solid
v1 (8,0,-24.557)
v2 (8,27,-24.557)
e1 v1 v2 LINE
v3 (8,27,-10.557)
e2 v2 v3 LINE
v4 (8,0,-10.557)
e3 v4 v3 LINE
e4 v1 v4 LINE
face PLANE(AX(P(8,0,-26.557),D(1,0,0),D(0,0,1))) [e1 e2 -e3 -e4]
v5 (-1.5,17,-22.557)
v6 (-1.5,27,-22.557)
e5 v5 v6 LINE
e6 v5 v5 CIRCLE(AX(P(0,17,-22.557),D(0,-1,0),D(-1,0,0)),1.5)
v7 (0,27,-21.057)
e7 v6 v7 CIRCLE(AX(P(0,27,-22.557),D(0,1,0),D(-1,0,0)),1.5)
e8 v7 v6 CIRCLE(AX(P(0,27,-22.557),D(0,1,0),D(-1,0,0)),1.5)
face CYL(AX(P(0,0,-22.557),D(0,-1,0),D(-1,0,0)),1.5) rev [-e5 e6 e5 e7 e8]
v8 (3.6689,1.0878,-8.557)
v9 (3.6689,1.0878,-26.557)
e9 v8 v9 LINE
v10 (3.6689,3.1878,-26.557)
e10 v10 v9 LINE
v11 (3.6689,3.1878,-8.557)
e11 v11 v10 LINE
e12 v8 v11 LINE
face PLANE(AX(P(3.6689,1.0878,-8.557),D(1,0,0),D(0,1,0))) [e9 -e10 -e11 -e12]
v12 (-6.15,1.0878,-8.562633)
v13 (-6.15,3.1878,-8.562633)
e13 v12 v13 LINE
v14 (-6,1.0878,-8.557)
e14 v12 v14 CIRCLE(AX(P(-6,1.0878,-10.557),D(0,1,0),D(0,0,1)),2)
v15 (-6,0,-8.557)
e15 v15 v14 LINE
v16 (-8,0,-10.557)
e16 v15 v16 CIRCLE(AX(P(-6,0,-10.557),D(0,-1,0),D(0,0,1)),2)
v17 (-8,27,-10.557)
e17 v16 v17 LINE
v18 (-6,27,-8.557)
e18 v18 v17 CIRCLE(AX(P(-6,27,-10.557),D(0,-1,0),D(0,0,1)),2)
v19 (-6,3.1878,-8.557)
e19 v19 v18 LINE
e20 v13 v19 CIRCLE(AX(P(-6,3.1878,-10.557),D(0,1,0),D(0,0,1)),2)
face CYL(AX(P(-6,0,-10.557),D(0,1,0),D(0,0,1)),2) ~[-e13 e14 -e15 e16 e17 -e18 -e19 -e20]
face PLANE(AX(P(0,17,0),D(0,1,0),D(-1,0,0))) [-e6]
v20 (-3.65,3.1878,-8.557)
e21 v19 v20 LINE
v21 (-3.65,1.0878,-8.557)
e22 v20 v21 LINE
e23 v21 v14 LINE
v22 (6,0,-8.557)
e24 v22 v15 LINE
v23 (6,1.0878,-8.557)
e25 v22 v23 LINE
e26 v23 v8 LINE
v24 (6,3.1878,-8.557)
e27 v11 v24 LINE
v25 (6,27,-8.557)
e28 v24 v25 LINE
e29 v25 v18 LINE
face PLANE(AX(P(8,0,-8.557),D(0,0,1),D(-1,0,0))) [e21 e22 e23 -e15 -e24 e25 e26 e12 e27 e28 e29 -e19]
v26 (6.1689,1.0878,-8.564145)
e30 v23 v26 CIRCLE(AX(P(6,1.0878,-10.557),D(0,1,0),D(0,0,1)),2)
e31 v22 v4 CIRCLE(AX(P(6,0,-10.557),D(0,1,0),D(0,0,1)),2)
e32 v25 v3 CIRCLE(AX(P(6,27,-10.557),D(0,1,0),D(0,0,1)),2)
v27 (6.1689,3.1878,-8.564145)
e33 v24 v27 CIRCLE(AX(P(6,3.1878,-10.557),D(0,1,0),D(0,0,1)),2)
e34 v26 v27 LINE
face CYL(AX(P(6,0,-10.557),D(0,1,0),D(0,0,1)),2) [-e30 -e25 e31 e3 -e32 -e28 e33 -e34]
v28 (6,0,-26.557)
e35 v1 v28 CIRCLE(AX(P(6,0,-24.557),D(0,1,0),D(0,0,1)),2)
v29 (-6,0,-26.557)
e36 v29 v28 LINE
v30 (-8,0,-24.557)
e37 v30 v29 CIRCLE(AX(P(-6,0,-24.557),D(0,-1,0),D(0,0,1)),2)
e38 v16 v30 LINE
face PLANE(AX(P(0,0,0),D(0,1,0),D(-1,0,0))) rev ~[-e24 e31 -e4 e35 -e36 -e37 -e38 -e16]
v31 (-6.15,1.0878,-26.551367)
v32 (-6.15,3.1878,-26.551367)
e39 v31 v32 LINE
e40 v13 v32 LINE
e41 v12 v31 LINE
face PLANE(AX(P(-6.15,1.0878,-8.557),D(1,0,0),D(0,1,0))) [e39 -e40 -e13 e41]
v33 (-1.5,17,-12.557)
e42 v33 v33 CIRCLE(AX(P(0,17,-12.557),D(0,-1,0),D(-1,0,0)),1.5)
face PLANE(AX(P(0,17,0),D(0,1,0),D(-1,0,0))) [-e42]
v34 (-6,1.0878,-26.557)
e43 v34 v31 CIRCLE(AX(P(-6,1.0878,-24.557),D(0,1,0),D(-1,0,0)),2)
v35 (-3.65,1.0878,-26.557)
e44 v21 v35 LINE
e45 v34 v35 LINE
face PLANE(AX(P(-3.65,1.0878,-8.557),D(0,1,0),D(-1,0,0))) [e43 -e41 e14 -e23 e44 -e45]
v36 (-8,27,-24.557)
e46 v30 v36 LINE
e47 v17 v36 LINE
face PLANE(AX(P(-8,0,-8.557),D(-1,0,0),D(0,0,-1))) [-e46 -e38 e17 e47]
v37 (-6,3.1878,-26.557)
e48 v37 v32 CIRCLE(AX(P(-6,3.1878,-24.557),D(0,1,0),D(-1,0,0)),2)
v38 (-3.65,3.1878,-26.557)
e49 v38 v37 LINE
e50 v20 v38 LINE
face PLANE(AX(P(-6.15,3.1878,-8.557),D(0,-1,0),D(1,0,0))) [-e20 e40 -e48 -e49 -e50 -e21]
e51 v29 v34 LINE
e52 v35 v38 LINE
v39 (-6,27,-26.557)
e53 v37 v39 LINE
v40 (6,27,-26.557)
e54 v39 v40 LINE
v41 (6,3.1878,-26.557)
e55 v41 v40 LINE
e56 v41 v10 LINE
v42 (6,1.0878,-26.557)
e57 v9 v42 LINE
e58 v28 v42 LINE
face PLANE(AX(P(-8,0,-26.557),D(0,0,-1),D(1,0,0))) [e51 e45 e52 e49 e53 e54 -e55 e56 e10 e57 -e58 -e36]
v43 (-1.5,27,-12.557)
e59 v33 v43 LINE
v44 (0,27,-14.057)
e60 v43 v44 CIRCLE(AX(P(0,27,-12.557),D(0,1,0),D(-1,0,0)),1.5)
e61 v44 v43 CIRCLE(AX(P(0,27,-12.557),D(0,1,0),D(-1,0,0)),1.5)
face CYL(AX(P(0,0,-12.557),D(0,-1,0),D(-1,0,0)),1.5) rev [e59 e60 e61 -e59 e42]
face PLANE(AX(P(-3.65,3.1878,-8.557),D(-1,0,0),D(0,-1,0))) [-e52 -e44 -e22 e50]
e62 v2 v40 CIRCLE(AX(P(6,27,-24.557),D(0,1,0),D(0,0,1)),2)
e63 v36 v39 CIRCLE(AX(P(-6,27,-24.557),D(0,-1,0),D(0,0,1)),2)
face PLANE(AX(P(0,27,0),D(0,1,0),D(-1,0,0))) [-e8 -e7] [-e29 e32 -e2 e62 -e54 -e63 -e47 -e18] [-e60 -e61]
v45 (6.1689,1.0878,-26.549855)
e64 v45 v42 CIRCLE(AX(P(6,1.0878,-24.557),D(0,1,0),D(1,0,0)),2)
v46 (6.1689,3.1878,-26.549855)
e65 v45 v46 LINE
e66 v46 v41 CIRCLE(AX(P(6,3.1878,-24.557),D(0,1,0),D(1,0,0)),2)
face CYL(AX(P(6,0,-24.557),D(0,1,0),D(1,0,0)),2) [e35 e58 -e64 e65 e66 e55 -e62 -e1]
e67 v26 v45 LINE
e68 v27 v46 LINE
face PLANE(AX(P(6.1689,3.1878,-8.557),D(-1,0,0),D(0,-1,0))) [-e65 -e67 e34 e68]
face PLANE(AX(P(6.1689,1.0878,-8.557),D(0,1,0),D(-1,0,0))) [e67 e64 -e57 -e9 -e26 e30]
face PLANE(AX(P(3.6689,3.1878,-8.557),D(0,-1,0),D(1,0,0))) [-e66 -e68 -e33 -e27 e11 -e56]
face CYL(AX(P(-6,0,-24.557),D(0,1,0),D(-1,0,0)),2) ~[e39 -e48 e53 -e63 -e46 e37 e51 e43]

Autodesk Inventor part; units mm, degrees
ref_plane "YZ Plane" through (0, 0, 0) normal (1, 0, 0) x (0, 1, 0)
ref_plane "XZ Plane" through (0, 0, 0) normal (0, 1, 0) x (-1, 0, 0)
ref_plane "XY Plane" through (0, 0, 0) normal (0, 0, 1) x (1, 0, 0)
sketch "Sketch1" plane through (0, 0, 0) normal (0, 1, 0) x (-1, 0, 0)
  circle A0 centre (0, -12.557) radius 1.5
  circle A1 centre (0, -22.557) radius 1.5
  arc A2 (-14.605, -9.6379) -> (-15.8103, -6.9952) centre (-18.105, -9.6379) ccw
  line L0 (-14.605, -29.4809) -> (-14.605, -9.6379)
  line L1 (13.605, -29.4809) -> (-14.605, -29.4809)
  line L2 (13.605, -12.0588) -> (13.605, -29.4809)
  arc A3 (14.5665, -9.2788) -> (13.605, -12.0588) centre (18.105, -12.0588) ccw
  line L3 (0, -22.557) -> (0, -12.557)
  line L4 (-8, -8.557) -> (8, -8.557)
  line L5 (8, -8.557) -> (8, -26.557)
  line L6 (8, -26.557) -> (-8, -26.557)
  line L7 (-8, -26.557) -> (-8, -8.557)
  line L8 (-8, -8.557) -> (8, -26.557) construction
  line L9 (8, -8.557) -> (-8, -26.557) construction
  point P0 (0, -17.557)
  dimension "d0" = 3
  dimension "d1" = 3
  dimension "d2" = 10
  dimension "d3" = 16
  dimension "d4" = 18
extrude "Extrusion1" add sketch "Sketch1" along normal blind 27
extrude "Extrusion2" add sketch "Sketch1" along normal blind 17 contours A0 | A1
fillet "Fillet1" radius 2 4 edges at (-8, 13.5, -8.557) (8, 13.5, -8.557) (-8, 13.5, -26.557) (8, 13.5, -26.557)
sketch "Sketch2" plane through (-6, 0, -8.557) normal (0, 0, 1) x (1, 0, 0)
  line L0 (-0.15, 3.1878) -> (2.35, 3.1878)
  line L1 (2.35, 3.1878) -> (2.35, 1.0878)
  line L2 (2.35, 1.0878) -> (-0.15, 1.0878)
  line L3 (-0.15, 1.0878) -> (-0.15, 3.1878)
  line L4 (-0.15, 3.1878) -> (2.35, 1.0878) construction
  line L5 (2.35, 3.1878) -> (-0.15, 1.0878) construction
  line L6 (9.6689, 3.1878) -> (12.1689, 3.1878)
  line L7 (12.1689, 3.1878) -> (12.1689, 1.0878)
  line L8 (12.1689, 1.0878) -> (9.6689, 1.0878)
  line L9 (9.6689, 1.0878) -> (9.6689, 3.1878)
  line L10 (9.6689, 3.1878) -> (12.1689, 1.0878) construction
  line L11 (12.1689, 3.1878) -> (9.6689, 1.0878) construction
  line L12 (-0.15, 2.1378) -> (12.15, 2.1378) construction
  line L13 (6, 0) -> (6, 2.1378)
  point P0 (1.1, 2.1378)
  point P1 (10.9189, 2.1378)
  point P2 (12.1689, 2.1378)
  dimension "d10" = 2.5
  dimension "d11" = 2.1
  dimension "d12" = 2.5
  dimension "d13" = 2.1
  dimension "d14" = 12.3
extrude "Extrusion3" cut sketch "Sketch2" against normal blind 19.5
properties part number "IR Headtracker riser"
